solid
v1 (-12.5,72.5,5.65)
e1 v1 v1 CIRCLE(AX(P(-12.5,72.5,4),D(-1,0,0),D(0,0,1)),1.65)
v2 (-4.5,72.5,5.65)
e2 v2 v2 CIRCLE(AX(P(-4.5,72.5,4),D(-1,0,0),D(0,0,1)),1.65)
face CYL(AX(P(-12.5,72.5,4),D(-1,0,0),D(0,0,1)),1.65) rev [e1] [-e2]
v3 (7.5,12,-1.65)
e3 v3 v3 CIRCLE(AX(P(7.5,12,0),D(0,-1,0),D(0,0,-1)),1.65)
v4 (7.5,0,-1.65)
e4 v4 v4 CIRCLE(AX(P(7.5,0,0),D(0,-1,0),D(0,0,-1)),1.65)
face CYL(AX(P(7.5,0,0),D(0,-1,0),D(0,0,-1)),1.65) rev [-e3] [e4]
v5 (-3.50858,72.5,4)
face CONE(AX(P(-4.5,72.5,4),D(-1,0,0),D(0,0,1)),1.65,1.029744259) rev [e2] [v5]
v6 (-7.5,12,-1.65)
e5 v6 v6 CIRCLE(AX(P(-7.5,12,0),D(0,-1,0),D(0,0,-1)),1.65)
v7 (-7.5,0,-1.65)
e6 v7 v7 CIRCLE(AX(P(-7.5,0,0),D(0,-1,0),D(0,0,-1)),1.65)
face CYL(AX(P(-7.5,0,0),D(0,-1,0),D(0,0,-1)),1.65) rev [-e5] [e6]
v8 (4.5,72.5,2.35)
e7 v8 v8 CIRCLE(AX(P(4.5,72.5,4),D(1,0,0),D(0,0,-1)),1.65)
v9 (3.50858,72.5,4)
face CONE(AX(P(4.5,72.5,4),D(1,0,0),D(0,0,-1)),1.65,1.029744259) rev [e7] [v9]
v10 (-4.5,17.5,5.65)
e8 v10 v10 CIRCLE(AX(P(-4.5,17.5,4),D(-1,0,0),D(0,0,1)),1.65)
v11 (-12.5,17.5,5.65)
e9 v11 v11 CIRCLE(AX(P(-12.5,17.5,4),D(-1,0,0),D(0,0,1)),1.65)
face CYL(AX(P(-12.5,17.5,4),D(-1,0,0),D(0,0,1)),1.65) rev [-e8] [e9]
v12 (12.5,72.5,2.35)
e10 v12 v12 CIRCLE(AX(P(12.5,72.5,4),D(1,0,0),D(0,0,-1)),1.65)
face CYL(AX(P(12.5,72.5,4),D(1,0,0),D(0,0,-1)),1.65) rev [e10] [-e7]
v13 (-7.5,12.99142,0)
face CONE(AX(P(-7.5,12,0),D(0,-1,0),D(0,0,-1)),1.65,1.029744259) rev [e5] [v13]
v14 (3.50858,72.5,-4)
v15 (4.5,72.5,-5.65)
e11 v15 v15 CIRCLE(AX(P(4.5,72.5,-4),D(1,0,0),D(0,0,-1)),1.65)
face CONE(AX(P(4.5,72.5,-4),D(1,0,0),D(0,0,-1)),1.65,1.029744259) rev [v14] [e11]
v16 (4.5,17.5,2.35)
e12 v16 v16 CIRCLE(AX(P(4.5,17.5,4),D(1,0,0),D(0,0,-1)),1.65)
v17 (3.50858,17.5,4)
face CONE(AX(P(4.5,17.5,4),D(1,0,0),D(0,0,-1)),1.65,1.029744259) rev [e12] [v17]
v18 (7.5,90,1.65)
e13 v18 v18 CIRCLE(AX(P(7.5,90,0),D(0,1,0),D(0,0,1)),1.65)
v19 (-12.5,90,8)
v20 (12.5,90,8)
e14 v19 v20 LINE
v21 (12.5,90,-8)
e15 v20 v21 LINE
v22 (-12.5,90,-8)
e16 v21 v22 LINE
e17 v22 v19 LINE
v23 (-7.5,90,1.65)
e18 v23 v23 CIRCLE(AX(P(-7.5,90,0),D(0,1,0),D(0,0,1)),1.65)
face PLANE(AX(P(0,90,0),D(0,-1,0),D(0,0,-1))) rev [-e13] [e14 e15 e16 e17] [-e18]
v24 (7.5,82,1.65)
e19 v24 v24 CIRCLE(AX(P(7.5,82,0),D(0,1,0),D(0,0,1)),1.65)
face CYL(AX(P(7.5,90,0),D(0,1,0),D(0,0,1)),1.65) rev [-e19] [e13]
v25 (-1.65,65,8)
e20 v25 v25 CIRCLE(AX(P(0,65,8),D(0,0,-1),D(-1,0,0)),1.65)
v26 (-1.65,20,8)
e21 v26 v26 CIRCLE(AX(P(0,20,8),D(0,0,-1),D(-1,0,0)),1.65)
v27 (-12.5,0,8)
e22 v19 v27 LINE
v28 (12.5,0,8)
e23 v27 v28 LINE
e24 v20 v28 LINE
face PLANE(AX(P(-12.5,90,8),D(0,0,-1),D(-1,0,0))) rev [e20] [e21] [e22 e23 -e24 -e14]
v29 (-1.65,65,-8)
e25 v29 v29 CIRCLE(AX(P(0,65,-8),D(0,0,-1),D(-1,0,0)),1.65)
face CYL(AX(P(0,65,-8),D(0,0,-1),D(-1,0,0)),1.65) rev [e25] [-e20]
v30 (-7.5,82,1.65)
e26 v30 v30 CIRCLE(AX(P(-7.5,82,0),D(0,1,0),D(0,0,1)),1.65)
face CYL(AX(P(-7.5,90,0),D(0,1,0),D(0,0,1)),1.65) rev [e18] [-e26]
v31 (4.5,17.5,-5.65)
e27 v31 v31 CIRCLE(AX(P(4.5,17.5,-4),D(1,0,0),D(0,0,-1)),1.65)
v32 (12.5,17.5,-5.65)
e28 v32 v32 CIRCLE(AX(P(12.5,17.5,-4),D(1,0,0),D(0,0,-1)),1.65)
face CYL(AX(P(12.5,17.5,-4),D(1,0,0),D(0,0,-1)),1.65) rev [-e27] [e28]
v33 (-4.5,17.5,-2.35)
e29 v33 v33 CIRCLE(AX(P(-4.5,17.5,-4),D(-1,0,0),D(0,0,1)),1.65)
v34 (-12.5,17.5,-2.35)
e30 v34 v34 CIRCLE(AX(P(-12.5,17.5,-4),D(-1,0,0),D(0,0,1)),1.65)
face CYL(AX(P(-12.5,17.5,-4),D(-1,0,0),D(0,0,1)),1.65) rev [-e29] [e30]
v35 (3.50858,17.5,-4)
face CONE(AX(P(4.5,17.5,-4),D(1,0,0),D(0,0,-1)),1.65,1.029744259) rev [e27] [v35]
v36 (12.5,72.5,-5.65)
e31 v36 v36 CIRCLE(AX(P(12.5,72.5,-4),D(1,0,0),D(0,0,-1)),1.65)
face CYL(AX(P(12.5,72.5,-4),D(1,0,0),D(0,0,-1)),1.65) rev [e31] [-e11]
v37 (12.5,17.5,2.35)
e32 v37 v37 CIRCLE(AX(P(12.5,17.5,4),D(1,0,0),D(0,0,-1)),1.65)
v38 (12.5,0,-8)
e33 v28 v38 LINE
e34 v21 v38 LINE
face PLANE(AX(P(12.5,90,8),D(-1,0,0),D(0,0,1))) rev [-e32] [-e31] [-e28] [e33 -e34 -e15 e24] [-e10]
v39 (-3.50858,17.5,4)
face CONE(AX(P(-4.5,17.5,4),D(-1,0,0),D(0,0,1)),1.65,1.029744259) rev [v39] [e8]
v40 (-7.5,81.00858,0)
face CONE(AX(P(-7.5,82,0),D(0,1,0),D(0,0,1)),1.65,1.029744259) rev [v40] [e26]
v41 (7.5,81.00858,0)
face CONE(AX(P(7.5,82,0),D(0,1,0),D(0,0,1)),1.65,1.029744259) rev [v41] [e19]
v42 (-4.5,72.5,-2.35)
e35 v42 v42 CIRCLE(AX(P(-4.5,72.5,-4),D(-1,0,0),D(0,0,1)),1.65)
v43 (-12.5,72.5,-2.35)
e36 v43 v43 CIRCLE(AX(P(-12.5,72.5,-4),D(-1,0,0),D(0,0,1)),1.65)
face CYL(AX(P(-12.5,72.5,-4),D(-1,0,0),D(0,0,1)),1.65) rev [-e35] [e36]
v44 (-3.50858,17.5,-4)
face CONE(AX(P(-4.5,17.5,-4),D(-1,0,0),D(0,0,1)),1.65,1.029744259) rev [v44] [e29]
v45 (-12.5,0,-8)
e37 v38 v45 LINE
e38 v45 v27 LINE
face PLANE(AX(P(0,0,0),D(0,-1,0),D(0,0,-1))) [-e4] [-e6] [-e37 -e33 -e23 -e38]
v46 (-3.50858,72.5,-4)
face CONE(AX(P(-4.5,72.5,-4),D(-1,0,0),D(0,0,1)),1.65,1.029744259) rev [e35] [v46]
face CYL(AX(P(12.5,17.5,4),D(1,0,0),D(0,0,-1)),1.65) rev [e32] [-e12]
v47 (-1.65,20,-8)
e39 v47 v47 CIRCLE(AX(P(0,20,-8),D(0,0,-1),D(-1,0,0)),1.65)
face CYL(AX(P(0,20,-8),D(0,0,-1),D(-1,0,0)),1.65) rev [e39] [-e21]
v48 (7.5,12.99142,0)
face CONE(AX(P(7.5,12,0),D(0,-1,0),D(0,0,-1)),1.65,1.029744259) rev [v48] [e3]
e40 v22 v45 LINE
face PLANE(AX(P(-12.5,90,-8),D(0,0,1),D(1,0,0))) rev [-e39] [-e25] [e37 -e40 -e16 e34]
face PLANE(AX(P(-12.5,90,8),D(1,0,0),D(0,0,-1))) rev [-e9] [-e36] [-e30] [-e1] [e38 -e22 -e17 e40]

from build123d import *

# Parameters (mm, degrees)
SKETCH1_W                      = 25
SKETCH1_H                      = 16
BOSS_EXTRUDE1_DEPTH            = 90
M4X0_7_TAPPED_HOLE1_D          = 3.3
M4X0_7_TAPPED_HOLE1_DEPTH      = 8
M4X0_7_TAPPED_HOLE1_TIP        = 0.991420021
M4X0_7_TAPPED_HOLE2_D          = 3.3
M4X0_7_TAPPED_HOLE2_DEPTH      = 12
M4X0_7_TAPPED_HOLE2_TIP        = 0.991420021
M4X0_7_TAPPED_HOLE3_D          = 3.3
M4X0_7_TAPPED_HOLE4_AT_2_COUNT = 2
M4X0_7_TAPPED_HOLE4_AT_2_PITCH = 55.578772926
M4X0_7_TAPPED_HOLE4_AT_3_COUNT = 2
M4X0_7_TAPPED_HOLE4_AT_3_PITCH = 55
M4X0_7_TAPPED_HOLE4_AT_4_COUNT = 2
M4X0_7_TAPPED_HOLE4_AT_4_PITCH = 8


with BuildPart() as part:
    # Sketch1 → Boss-Extrude1 (new body)
    with BuildSketch(Plane(origin=(0, 0, 0), x_dir=(1, 0, 0), z_dir=(0, 1, 0))):
        Rectangle(SKETCH1_W, SKETCH1_H)
    extrude(amount=BOSS_EXTRUDE1_DEPTH)

    # M4x0.7 Tapped Hole1
    with Locations(Plane(origin=(0, 90, 0), x_dir=(1, 0, 0), z_dir=(0, 1, 0))):
        with Locations((-7.5, 0), (7.5, 0)):
            Hole(M4X0_7_TAPPED_HOLE1_D / 2, depth=M4X0_7_TAPPED_HOLE1_DEPTH)
            with Locations((0, 0, -(M4X0_7_TAPPED_HOLE1_DEPTH + M4X0_7_TAPPED_HOLE1_TIP / 2))):  # 118° drill point
                Cone(0, M4X0_7_TAPPED_HOLE1_D / 2, M4X0_7_TAPPED_HOLE1_TIP, mode=Mode.SUBTRACT)

    # M4x0.7 Tapped Hole2
    with Locations(Plane(origin=(0, 0, 0), x_dir=(-1, 0, 0), z_dir=(0, -1, 0))):
        with Locations((-7.5, 0), (7.5, 0)):
            Hole(M4X0_7_TAPPED_HOLE2_D / 2, depth=M4X0_7_TAPPED_HOLE2_DEPTH)
            with Locations((0, 0, -(M4X0_7_TAPPED_HOLE2_DEPTH + M4X0_7_TAPPED_HOLE2_TIP / 2))):  # 118° drill point
                Cone(0, M4X0_7_TAPPED_HOLE2_D / 2, M4X0_7_TAPPED_HOLE2_TIP, mode=Mode.SUBTRACT)

    # M4x0.7 Tapped Hole3 (through all)
    with Locations(Plane(origin=(0, 0, -8), x_dir=(-1, 0, 0), z_dir=(0, 0, -1))):
        with Locations((0, 20), (0, 65), (15, 65), (15, 20)):
            Hole(M4X0_7_TAPPED_HOLE3_D / 2)

    # Sketch13 → M4x0.7 Tapped Hole4 (revolve, cut)
    with BuildSketch(Plane(origin=(-12.5, 17.5, 4), x_dir=(0, 0, 1), z_dir=(0, 1, 0))):
        Polygon((0, 0), (0, 8.991420021), (1.65, 8), (1.65, 0), align=None)
    m4x0_7_tapped_hole4 = revolve(axis=Axis((-18.85, 17.5, 4), (1, 0, 0)), mode=Mode.SUBTRACT)

    # M4x0.7 Tapped Hole4 at 2: M4x0.7 Tapped Hole4 ×2
    with Locations(*[Vector(0, 0.9895864392845114, -0.14393984571411075) * (i * M4X0_7_TAPPED_HOLE4_AT_2_PITCH) for i in range(1, M4X0_7_TAPPED_HOLE4_AT_2_COUNT)]):
        add(m4x0_7_tapped_hole4, mode=Mode.SUBTRACT)

    # M4x0.7 Tapped Hole4 at 3: M4x0.7 Tapped Hole4 ×2
    with Locations(*[(0, i * M4X0_7_TAPPED_HOLE4_AT_3_PITCH, 0) for i in range(1, M4X0_7_TAPPED_HOLE4_AT_3_COUNT)]):
        add(m4x0_7_tapped_hole4, mode=Mode.SUBTRACT)

    # M4x0.7 Tapped Hole4 at 4: M4x0.7 Tapped Hole4 ×2
    with Locations(*[(0, 0, -i * M4X0_7_TAPPED_HOLE4_AT_4_PITCH) for i in range(1, M4X0_7_TAPPED_HOLE4_AT_4_COUNT)]):
        add(m4x0_7_tapped_hole4, mode=Mode.SUBTRACT)

    # Mirror1: M4x0.7 Tapped Hole4 across plane
    add(m4x0_7_tapped_hole4.mirror(Plane(origin=(0, 0, 0), x_dir=(0, 0, 1), z_dir=(1, 0, 0))), mode=Mode.SUBTRACT)

    # Mirror1 copy 1 sketch → Mirror1 copy 1 (revolve, cut)
    with BuildSketch(Plane(origin=(12.5, 72.5, -4), x_dir=(0, 0, 1), z_dir=(0, 1, 0))):
        Polygon((0, 0), (0, -8.991420021), (1.65, -8), (1.65, 0), align=None)
    revolve(axis=Axis((18.85, 72.5, -4), (1, 0, 0)), mode=Mode.SUBTRACT)

    # Mirror1 copy 2 sketch → Mirror1 copy 2 (revolve, cut)
    with BuildSketch(Plane(origin=(12.5, 72.5, 4), x_dir=(0, 0, 1), z_dir=(0, 1, 0))):
        Polygon((0, 0), (0, -8.991420021), (1.65, -8), (1.65, 0), align=None)
    revolve(axis=Axis((18.85, 72.5, 4), (1, 0, 0)), mode=Mode.SUBTRACT)

    # Mirror1 copy 3 sketch → Mirror1 copy 3 (revolve, cut)
    with BuildSketch(Plane(origin=(12.5, 17.5, -4), x_dir=(0, 0, 1), z_dir=(0, 1, 0))):
        Polygon((0, 0), (0, -8.991420021), (1.65, -8), (1.65, 0), align=None)
    revolve(axis=Axis((18.85, 17.5, -4), (1, 0, 0)), mode=Mode.SUBTRACT)


solid = part.part
